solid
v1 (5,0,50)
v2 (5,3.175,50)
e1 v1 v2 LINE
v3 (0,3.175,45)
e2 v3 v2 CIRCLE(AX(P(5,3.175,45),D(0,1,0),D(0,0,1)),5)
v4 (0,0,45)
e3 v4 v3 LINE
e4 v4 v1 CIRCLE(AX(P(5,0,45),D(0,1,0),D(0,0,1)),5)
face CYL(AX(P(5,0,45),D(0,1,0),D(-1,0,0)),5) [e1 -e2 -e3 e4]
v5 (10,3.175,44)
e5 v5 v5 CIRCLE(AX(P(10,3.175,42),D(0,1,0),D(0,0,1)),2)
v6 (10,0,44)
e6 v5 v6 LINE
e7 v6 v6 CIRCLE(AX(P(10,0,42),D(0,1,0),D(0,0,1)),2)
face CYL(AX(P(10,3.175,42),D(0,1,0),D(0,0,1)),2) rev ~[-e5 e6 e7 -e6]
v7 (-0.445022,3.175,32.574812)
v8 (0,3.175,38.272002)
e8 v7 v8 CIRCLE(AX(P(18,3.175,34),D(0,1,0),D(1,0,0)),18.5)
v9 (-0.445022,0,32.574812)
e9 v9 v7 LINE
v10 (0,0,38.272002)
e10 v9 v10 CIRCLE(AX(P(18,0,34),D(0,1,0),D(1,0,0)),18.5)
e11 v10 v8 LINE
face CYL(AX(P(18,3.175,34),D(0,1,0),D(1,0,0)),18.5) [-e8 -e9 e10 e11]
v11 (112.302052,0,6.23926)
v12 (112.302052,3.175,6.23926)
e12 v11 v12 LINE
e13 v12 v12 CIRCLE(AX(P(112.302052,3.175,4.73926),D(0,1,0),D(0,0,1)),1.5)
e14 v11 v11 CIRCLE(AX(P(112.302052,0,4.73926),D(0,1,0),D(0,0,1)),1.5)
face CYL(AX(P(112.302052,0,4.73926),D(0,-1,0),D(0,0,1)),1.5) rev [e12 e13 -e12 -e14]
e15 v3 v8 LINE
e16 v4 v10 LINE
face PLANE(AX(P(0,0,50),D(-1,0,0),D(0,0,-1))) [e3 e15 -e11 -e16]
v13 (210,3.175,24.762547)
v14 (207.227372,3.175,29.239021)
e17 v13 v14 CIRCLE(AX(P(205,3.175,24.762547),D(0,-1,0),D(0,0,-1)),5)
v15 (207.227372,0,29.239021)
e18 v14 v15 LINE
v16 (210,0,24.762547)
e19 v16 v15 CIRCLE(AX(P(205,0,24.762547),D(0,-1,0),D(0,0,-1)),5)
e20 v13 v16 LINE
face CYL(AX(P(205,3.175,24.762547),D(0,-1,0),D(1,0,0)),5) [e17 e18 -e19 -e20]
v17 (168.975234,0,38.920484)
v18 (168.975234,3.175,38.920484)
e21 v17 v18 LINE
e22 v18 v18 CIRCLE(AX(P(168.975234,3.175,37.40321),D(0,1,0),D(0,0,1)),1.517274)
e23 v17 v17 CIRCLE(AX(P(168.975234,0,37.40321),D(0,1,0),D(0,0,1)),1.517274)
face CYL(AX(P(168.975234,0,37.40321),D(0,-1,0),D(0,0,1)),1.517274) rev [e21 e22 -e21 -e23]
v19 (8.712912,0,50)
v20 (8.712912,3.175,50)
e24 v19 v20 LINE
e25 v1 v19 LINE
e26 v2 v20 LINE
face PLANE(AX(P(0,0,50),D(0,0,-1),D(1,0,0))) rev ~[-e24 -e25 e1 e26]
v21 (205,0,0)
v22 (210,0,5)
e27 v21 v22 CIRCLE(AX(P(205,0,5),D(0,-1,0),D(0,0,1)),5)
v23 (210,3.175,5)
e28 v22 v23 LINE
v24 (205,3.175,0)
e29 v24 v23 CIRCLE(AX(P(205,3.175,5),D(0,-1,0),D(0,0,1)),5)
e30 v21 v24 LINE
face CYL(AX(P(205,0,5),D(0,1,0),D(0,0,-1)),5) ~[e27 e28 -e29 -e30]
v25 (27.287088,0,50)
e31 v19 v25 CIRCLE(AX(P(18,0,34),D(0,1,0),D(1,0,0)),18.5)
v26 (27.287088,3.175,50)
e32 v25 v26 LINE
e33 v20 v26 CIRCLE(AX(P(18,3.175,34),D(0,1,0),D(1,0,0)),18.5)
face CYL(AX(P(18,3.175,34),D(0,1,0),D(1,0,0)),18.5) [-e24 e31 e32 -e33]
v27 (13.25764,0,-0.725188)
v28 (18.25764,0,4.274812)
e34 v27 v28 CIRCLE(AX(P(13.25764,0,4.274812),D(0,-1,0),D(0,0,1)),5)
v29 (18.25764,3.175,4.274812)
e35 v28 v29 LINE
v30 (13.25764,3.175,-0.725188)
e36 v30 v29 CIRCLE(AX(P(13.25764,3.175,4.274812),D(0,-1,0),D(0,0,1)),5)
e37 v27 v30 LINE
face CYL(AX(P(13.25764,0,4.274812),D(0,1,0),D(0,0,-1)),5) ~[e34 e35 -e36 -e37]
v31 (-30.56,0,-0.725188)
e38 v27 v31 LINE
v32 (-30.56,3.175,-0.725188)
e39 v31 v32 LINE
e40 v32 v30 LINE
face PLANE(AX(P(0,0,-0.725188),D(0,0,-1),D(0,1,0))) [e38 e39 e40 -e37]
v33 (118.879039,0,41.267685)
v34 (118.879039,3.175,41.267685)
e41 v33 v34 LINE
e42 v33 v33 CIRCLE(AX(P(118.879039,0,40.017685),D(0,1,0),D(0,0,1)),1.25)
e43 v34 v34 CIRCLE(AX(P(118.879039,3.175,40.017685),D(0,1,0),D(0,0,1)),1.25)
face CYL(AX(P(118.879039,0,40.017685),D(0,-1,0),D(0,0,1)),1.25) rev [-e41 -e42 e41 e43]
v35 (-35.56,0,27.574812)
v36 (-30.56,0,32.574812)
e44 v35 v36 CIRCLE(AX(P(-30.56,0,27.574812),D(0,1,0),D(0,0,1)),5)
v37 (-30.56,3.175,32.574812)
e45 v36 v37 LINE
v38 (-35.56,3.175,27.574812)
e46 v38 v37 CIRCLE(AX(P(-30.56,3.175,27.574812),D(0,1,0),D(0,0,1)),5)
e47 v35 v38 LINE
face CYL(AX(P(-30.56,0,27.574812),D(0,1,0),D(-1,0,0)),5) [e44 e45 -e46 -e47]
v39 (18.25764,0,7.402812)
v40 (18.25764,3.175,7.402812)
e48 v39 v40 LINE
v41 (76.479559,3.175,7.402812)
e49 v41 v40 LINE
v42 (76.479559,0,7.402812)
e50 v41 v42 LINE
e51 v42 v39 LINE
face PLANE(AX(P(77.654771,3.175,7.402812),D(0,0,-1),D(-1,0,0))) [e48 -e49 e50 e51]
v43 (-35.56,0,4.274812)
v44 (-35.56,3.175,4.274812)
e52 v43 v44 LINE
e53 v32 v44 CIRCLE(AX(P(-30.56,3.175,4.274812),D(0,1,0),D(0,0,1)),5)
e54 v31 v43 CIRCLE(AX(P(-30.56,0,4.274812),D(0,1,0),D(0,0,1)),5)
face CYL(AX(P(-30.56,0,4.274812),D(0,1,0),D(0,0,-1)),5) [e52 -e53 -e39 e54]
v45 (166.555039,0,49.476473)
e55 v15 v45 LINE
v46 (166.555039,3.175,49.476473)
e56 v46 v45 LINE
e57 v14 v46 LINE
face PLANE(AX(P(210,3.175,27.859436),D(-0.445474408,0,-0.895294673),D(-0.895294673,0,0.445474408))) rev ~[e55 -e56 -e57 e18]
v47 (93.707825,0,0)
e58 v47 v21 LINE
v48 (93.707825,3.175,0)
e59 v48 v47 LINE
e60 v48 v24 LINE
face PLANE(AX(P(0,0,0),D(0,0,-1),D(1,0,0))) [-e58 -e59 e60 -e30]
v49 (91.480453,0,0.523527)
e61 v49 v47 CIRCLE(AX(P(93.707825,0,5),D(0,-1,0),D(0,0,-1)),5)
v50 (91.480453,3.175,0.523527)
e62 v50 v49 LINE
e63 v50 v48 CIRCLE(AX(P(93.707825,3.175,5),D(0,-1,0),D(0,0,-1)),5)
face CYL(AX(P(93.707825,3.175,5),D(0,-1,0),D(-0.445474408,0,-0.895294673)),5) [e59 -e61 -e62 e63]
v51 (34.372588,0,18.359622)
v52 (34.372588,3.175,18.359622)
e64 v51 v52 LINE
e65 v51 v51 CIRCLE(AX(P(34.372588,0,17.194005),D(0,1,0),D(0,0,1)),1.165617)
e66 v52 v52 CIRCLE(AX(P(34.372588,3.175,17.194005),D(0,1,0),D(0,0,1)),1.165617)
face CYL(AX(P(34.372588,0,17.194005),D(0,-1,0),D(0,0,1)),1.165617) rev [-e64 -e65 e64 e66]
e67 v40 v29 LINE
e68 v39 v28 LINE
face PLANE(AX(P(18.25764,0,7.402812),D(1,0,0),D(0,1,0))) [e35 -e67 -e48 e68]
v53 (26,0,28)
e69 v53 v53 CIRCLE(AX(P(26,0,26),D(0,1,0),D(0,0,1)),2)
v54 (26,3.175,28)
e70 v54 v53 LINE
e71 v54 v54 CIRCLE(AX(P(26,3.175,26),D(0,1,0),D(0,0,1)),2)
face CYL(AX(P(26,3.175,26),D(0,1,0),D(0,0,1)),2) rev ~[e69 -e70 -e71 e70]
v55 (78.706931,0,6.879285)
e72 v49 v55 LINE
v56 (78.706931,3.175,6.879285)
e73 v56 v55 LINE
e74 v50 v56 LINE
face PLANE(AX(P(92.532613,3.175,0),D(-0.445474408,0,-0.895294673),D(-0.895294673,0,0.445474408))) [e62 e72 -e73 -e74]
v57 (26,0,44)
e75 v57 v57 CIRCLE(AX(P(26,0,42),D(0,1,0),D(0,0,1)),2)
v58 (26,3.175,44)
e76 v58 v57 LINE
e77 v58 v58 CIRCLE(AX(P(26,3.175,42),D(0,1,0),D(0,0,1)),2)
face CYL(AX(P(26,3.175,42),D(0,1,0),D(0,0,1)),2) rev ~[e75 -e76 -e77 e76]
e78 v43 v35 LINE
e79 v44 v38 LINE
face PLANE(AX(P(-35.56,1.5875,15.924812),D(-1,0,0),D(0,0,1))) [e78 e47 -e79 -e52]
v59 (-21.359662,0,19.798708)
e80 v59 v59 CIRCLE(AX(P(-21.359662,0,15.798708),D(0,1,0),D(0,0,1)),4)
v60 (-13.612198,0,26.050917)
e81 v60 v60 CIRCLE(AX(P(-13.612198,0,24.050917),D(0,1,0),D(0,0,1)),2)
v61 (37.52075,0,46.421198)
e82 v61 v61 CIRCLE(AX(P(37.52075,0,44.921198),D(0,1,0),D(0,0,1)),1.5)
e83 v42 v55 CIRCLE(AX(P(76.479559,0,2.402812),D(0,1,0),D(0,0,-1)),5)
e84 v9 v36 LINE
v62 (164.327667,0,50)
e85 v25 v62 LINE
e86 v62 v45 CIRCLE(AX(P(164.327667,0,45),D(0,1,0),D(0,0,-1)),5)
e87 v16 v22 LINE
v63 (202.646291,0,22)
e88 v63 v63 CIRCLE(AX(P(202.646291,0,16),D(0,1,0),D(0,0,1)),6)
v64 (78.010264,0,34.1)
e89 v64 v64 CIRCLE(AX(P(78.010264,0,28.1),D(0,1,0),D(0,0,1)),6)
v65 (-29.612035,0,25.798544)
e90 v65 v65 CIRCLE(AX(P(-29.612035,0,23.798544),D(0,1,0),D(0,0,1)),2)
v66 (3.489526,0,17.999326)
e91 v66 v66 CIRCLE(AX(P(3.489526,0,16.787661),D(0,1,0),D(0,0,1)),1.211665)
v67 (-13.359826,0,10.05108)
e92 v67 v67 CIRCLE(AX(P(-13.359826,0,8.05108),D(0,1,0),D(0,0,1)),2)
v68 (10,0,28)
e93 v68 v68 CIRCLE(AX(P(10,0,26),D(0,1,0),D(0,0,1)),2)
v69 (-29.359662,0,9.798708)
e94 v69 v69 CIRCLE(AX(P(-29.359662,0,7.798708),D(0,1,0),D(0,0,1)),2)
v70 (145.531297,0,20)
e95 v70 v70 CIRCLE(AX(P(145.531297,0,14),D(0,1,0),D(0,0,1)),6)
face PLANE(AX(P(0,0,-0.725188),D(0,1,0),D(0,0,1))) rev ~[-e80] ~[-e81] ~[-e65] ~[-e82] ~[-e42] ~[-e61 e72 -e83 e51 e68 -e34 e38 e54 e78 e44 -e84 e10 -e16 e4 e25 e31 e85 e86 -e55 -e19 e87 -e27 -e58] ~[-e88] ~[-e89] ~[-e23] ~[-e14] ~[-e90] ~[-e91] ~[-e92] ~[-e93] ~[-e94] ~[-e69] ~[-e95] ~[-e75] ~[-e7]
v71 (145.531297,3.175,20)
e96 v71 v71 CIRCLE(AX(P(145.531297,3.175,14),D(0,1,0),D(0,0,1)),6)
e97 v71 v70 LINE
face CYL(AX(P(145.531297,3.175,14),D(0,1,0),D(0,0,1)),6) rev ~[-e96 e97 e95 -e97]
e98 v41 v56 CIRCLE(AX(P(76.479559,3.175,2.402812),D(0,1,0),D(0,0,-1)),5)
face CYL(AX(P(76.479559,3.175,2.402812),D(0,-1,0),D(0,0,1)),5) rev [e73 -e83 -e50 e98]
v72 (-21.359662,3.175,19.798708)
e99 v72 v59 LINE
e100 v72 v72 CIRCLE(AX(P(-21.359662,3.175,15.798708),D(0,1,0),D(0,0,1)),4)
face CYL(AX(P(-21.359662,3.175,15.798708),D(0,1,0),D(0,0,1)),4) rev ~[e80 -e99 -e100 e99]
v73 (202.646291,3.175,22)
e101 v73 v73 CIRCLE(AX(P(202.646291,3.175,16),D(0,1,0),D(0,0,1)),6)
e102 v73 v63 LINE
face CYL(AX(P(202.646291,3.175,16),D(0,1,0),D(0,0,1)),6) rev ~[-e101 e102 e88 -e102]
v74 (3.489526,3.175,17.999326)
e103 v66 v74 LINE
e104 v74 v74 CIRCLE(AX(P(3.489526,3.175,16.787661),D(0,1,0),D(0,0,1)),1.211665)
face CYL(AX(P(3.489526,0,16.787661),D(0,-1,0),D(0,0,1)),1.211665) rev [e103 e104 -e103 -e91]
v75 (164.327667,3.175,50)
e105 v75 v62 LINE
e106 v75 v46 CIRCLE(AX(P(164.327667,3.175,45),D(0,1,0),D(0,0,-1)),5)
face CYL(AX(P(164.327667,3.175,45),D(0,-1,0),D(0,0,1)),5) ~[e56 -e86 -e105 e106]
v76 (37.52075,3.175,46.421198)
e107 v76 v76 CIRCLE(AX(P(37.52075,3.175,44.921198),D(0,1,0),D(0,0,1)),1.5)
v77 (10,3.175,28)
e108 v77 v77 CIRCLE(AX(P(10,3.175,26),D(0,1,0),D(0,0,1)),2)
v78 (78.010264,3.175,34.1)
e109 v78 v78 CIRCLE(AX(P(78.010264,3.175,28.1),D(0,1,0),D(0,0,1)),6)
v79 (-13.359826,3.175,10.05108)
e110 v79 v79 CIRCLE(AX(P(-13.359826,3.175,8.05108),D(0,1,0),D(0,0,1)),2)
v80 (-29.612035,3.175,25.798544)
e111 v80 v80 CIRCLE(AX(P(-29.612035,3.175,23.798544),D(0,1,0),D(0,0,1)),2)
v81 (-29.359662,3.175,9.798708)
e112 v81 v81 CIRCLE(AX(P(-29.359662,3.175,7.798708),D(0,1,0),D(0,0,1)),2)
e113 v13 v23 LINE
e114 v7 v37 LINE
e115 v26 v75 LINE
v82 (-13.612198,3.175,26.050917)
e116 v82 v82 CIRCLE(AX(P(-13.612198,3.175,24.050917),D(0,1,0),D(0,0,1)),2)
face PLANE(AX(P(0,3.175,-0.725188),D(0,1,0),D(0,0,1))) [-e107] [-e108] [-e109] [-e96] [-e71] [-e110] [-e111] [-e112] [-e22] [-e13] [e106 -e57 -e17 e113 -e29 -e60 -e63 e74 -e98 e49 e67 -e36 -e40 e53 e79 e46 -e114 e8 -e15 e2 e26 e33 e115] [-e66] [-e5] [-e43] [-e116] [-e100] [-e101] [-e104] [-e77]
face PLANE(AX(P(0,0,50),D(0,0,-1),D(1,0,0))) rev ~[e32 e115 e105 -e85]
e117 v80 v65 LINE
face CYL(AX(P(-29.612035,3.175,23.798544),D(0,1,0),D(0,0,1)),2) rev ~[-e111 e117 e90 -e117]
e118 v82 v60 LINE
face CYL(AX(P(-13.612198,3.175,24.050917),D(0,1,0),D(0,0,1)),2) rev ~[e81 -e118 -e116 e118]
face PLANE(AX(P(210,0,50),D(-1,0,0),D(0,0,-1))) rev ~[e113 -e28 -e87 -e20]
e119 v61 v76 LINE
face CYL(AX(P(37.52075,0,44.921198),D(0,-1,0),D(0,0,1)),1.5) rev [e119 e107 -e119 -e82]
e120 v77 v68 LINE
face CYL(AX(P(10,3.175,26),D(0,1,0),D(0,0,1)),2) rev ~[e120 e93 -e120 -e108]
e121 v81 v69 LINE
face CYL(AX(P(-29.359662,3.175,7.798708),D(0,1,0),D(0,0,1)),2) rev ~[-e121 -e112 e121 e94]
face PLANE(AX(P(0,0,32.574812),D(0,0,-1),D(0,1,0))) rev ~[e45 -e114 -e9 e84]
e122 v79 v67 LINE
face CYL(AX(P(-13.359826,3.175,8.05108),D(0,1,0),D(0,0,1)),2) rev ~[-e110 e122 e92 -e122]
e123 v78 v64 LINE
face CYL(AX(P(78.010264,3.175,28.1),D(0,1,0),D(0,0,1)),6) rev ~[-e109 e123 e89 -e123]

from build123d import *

# Parameters (mm, degrees)
SKETCH1_W           = 210
SKETCH1_H           = 50
SKETCH1_R           = 1.211665018
SKETCH1_R_2         = 1.165617118
SKETCH1_R_3         = 1.5
SKETCH1_R_4         = 1.25
SKETCH1_R_5         = 1.517273905
BOSS_EXTRUDE1_DEPTH = 3.175
SKETCH2_R           = 2
CUT_EXTRUDE1_DEPTH  = 10
SKETCH3_R           = 6
SKETCH3_R_2         = 0.586995366
CUT_EXTRUDE2_DEPTH  = 57.15
CUT_EXTRUDE7_DEPTH  = 10
FILLET3_R           = 5
SKETCH11_R          = 18.5
SKETCH11_R_2        = 2
BOSS_EXTRUDE4_DEPTH = 3.175
SKETCH16_W          = 18.257640281
SKETCH16_H          = 3.175
BOSS_EXTRUDE7_DEPTH = 8.128
SKETCH17_W          = 33.3
SKETCH17_H          = 3.175
BOSS_EXTRUDE8_DEPTH = 35.56
SKETCH18_R          = 2
CUT_EXTRUDE8_DEPTH  = 9
SKETCH19_R          = 4
CUT_EXTRUDE9_DEPTH  = 40
FILLET4_R           = 5


with BuildPart() as part:
    # Sketch1 → Boss-Extrude1 (new body)
    with BuildSketch(Plane(origin=(0, 0, 0), x_dir=(1, 0, 0), z_dir=(0, 1, 0))):
        with Locations((105, -25)):
            Rectangle(SKETCH1_W, SKETCH1_H)
        with Locations(Location((3.489526233, -16.787661112, 0), (0, 0, 270))):
            Circle(SKETCH1_R, mode=Mode.SUBTRACT)
        with Locations(Location((34.37258772, -17.194005245, 0), (0, 0, 270))):
            Circle(SKETCH1_R_2, mode=Mode.SUBTRACT)
        with Locations(Location((37.520749958, -44.921198121, 0), (0, 0, 270))):
            Circle(SKETCH1_R_3, mode=Mode.SUBTRACT)
        with Locations(Location((118.879039361, -40.017685043, 0), (0, 0, 270))):
            Circle(SKETCH1_R_4, mode=Mode.SUBTRACT)
        with Locations(Location((112.302052499, -4.739260115, 0), (0, 0, 270))):
            Circle(SKETCH1_R_3, mode=Mode.SUBTRACT)
        with Locations(Location((168.975233936, -37.403209633, 0), (0, 0, 270))):
            Circle(SKETCH1_R_5, mode=Mode.SUBTRACT)
    extrude(amount=BOSS_EXTRUDE1_DEPTH)

    # Sketch2 → Cut-Extrude1 (cut)
    with BuildSketch(Plane(origin=(0, 3.175, 0), x_dir=(1, 0, 0), z_dir=(0, 1, 0))):
        with Locations(Location((10, -26, 0), (0, 0, 270))):
            Circle(SKETCH2_R)
        with Locations(Location((10, -42, 0), (0, 0, 270))):
            Circle(SKETCH2_R)
        with Locations(Location((26, -26, 0), (0, 0, 270))):
            Circle(SKETCH2_R)
        with Locations(Location((26, -42, 0), (0, 0, 270))):
            Circle(SKETCH2_R)
    extrude(amount=-CUT_EXTRUDE1_DEPTH, mode=Mode.SUBTRACT)

    # Sketch3 → Cut-Extrude2 (cut)
    with BuildSketch(Plane(origin=(0, 3.175, 0), x_dir=(1, 0, 0), z_dir=(0, 1, 0))):
        with Locations(Location((78.01026379, -28.1, 0), (0, 0, 270))):
            Circle(SKETCH3_R)
        with Locations(Location((145.531297368, -14, 0), (0, 0, 270))):
            Circle(SKETCH3_R)
        with Locations(Location((18, -34, 0), (0, 0, 270))):
            Circle(SKETCH3_R_2)
        with Locations(Location((202.646291021, -16, 0), (0, 0, 270))):
            Circle(SKETCH3_R)
    extrude(amount=-CUT_EXTRUDE2_DEPTH, mode=Mode.SUBTRACT)

    # Sketch10 → Cut-Extrude7 (cut)
    with BuildSketch(Plane(origin=(0, 3.175, 0), x_dir=(1, 0, 0), z_dir=(0, 1, 0))):
        Polygon((210, -27.859435908), (165.502877994, -50), (210, -50), align=None)
        Polygon((92.532613397, 0), (77.65477062, -7.402812063), (0, -7.402812063), (0, 0), align=None)
    extrude(amount=-CUT_EXTRUDE7_DEPTH, mode=Mode.SUBTRACT)

    # Fillet3
    fillet3_edges = [part.edges().sort_by_distance(p)[0] for p in [
        (210, 1.5875, 0),
        (92.532613397, 1.5875, 0),
        (210, 1.5875, 27.859435908),
        (165.502877994, 1.5875, 50),
        (77.65477062, 1.5875, 7.402812063),
    ]]
    fillet(fillet3_edges, radius=FILLET3_R)

    # Sketch11 → Boss-Extrude4 (add)
    with BuildSketch(Plane(origin=(0, 3.175, 0), x_dir=(1, 0, 0), z_dir=(0, 1, 0))):
        with Locations((18, -34)):
            Circle(SKETCH11_R)
        with Locations(Location((10, -26, 0), (0, 0, 270))):
            Circle(SKETCH11_R_2, mode=Mode.SUBTRACT)
        with Locations(Location((10, -42, 0), (0, 0, 270))):
            Circle(SKETCH11_R_2, mode=Mode.SUBTRACT)
        with Locations(Location((26, -26, 0), (0, 0, 270))):
            Circle(SKETCH11_R_2, mode=Mode.SUBTRACT)
        with Locations(Location((26, -42, 0), (0, 0, 270))):
            Circle(SKETCH11_R_2, mode=Mode.SUBTRACT)
    extrude(amount=-BOSS_EXTRUDE4_DEPTH)

    # Sketch16 → Boss-Extrude7 (add)
    with BuildSketch(Plane(origin=(0, 0, 7.402812063), x_dir=(-1, 0, 0), z_dir=(0, 0, -1))):
        with Locations((-9.128820141, 1.5875)):
            Rectangle(SKETCH16_W, SKETCH16_H)
    extrude(amount=BOSS_EXTRUDE7_DEPTH)

    # Sketch17 → Boss-Extrude8 (add)
    with BuildSketch(Plane.ZY):
        with Locations((15.924812063, 1.5875)):
            Rectangle(SKETCH17_W, SKETCH17_H)
    extrude(amount=BOSS_EXTRUDE8_DEPTH)

    # Sketch18 → Cut-Extrude8 (cut)
    with BuildSketch(Plane(origin=(0, 3.175, 0), x_dir=(1, 0, 0), z_dir=(0, 1, 0))):
        with Locations(Location((-29.612034681, -23.798543698, 0), (0, 0, 270))):
            Circle(SKETCH18_R)
        with Locations(Location((-29.359661767, -7.798707515, 0), (0, 0, 270))):
            Circle(SKETCH18_R)
        with Locations(Location((-13.359825583, -8.051080428, 0), (0, 0, 270))):
            Circle(SKETCH18_R)
        with Locations(Location((-13.612198497, -24.050916612, 0), (0, 0, 270))):
            Circle(SKETCH18_R)
    extrude(amount=-CUT_EXTRUDE8_DEPTH, mode=Mode.SUBTRACT)

    # Sketch19 → Cut-Extrude9 (cut)
    with BuildSketch(Plane(origin=(0, 3.175, 0), x_dir=(1, 0, 0), z_dir=(0, 1, 0))):
        with Locations(Location((-21.359661767, -15.798707515, 0), (0, 0, 270))):
            Circle(SKETCH19_R)
    extrude(amount=-CUT_EXTRUDE9_DEPTH, mode=Mode.SUBTRACT)

    # Fillet4
    fillet4_edges = [part.edges().sort_by_distance(p)[0] for p in [
        (18.257640281, 1.5875, -0.725187937),
        (-35.56, 1.5875, -0.725187937),
        (-35.56, 1.5875, 32.574812063),
        (0, 1.5875, 50),
    ]]
    fillet(fillet4_edges, radius=FILLET4_R)


solid = part.part
